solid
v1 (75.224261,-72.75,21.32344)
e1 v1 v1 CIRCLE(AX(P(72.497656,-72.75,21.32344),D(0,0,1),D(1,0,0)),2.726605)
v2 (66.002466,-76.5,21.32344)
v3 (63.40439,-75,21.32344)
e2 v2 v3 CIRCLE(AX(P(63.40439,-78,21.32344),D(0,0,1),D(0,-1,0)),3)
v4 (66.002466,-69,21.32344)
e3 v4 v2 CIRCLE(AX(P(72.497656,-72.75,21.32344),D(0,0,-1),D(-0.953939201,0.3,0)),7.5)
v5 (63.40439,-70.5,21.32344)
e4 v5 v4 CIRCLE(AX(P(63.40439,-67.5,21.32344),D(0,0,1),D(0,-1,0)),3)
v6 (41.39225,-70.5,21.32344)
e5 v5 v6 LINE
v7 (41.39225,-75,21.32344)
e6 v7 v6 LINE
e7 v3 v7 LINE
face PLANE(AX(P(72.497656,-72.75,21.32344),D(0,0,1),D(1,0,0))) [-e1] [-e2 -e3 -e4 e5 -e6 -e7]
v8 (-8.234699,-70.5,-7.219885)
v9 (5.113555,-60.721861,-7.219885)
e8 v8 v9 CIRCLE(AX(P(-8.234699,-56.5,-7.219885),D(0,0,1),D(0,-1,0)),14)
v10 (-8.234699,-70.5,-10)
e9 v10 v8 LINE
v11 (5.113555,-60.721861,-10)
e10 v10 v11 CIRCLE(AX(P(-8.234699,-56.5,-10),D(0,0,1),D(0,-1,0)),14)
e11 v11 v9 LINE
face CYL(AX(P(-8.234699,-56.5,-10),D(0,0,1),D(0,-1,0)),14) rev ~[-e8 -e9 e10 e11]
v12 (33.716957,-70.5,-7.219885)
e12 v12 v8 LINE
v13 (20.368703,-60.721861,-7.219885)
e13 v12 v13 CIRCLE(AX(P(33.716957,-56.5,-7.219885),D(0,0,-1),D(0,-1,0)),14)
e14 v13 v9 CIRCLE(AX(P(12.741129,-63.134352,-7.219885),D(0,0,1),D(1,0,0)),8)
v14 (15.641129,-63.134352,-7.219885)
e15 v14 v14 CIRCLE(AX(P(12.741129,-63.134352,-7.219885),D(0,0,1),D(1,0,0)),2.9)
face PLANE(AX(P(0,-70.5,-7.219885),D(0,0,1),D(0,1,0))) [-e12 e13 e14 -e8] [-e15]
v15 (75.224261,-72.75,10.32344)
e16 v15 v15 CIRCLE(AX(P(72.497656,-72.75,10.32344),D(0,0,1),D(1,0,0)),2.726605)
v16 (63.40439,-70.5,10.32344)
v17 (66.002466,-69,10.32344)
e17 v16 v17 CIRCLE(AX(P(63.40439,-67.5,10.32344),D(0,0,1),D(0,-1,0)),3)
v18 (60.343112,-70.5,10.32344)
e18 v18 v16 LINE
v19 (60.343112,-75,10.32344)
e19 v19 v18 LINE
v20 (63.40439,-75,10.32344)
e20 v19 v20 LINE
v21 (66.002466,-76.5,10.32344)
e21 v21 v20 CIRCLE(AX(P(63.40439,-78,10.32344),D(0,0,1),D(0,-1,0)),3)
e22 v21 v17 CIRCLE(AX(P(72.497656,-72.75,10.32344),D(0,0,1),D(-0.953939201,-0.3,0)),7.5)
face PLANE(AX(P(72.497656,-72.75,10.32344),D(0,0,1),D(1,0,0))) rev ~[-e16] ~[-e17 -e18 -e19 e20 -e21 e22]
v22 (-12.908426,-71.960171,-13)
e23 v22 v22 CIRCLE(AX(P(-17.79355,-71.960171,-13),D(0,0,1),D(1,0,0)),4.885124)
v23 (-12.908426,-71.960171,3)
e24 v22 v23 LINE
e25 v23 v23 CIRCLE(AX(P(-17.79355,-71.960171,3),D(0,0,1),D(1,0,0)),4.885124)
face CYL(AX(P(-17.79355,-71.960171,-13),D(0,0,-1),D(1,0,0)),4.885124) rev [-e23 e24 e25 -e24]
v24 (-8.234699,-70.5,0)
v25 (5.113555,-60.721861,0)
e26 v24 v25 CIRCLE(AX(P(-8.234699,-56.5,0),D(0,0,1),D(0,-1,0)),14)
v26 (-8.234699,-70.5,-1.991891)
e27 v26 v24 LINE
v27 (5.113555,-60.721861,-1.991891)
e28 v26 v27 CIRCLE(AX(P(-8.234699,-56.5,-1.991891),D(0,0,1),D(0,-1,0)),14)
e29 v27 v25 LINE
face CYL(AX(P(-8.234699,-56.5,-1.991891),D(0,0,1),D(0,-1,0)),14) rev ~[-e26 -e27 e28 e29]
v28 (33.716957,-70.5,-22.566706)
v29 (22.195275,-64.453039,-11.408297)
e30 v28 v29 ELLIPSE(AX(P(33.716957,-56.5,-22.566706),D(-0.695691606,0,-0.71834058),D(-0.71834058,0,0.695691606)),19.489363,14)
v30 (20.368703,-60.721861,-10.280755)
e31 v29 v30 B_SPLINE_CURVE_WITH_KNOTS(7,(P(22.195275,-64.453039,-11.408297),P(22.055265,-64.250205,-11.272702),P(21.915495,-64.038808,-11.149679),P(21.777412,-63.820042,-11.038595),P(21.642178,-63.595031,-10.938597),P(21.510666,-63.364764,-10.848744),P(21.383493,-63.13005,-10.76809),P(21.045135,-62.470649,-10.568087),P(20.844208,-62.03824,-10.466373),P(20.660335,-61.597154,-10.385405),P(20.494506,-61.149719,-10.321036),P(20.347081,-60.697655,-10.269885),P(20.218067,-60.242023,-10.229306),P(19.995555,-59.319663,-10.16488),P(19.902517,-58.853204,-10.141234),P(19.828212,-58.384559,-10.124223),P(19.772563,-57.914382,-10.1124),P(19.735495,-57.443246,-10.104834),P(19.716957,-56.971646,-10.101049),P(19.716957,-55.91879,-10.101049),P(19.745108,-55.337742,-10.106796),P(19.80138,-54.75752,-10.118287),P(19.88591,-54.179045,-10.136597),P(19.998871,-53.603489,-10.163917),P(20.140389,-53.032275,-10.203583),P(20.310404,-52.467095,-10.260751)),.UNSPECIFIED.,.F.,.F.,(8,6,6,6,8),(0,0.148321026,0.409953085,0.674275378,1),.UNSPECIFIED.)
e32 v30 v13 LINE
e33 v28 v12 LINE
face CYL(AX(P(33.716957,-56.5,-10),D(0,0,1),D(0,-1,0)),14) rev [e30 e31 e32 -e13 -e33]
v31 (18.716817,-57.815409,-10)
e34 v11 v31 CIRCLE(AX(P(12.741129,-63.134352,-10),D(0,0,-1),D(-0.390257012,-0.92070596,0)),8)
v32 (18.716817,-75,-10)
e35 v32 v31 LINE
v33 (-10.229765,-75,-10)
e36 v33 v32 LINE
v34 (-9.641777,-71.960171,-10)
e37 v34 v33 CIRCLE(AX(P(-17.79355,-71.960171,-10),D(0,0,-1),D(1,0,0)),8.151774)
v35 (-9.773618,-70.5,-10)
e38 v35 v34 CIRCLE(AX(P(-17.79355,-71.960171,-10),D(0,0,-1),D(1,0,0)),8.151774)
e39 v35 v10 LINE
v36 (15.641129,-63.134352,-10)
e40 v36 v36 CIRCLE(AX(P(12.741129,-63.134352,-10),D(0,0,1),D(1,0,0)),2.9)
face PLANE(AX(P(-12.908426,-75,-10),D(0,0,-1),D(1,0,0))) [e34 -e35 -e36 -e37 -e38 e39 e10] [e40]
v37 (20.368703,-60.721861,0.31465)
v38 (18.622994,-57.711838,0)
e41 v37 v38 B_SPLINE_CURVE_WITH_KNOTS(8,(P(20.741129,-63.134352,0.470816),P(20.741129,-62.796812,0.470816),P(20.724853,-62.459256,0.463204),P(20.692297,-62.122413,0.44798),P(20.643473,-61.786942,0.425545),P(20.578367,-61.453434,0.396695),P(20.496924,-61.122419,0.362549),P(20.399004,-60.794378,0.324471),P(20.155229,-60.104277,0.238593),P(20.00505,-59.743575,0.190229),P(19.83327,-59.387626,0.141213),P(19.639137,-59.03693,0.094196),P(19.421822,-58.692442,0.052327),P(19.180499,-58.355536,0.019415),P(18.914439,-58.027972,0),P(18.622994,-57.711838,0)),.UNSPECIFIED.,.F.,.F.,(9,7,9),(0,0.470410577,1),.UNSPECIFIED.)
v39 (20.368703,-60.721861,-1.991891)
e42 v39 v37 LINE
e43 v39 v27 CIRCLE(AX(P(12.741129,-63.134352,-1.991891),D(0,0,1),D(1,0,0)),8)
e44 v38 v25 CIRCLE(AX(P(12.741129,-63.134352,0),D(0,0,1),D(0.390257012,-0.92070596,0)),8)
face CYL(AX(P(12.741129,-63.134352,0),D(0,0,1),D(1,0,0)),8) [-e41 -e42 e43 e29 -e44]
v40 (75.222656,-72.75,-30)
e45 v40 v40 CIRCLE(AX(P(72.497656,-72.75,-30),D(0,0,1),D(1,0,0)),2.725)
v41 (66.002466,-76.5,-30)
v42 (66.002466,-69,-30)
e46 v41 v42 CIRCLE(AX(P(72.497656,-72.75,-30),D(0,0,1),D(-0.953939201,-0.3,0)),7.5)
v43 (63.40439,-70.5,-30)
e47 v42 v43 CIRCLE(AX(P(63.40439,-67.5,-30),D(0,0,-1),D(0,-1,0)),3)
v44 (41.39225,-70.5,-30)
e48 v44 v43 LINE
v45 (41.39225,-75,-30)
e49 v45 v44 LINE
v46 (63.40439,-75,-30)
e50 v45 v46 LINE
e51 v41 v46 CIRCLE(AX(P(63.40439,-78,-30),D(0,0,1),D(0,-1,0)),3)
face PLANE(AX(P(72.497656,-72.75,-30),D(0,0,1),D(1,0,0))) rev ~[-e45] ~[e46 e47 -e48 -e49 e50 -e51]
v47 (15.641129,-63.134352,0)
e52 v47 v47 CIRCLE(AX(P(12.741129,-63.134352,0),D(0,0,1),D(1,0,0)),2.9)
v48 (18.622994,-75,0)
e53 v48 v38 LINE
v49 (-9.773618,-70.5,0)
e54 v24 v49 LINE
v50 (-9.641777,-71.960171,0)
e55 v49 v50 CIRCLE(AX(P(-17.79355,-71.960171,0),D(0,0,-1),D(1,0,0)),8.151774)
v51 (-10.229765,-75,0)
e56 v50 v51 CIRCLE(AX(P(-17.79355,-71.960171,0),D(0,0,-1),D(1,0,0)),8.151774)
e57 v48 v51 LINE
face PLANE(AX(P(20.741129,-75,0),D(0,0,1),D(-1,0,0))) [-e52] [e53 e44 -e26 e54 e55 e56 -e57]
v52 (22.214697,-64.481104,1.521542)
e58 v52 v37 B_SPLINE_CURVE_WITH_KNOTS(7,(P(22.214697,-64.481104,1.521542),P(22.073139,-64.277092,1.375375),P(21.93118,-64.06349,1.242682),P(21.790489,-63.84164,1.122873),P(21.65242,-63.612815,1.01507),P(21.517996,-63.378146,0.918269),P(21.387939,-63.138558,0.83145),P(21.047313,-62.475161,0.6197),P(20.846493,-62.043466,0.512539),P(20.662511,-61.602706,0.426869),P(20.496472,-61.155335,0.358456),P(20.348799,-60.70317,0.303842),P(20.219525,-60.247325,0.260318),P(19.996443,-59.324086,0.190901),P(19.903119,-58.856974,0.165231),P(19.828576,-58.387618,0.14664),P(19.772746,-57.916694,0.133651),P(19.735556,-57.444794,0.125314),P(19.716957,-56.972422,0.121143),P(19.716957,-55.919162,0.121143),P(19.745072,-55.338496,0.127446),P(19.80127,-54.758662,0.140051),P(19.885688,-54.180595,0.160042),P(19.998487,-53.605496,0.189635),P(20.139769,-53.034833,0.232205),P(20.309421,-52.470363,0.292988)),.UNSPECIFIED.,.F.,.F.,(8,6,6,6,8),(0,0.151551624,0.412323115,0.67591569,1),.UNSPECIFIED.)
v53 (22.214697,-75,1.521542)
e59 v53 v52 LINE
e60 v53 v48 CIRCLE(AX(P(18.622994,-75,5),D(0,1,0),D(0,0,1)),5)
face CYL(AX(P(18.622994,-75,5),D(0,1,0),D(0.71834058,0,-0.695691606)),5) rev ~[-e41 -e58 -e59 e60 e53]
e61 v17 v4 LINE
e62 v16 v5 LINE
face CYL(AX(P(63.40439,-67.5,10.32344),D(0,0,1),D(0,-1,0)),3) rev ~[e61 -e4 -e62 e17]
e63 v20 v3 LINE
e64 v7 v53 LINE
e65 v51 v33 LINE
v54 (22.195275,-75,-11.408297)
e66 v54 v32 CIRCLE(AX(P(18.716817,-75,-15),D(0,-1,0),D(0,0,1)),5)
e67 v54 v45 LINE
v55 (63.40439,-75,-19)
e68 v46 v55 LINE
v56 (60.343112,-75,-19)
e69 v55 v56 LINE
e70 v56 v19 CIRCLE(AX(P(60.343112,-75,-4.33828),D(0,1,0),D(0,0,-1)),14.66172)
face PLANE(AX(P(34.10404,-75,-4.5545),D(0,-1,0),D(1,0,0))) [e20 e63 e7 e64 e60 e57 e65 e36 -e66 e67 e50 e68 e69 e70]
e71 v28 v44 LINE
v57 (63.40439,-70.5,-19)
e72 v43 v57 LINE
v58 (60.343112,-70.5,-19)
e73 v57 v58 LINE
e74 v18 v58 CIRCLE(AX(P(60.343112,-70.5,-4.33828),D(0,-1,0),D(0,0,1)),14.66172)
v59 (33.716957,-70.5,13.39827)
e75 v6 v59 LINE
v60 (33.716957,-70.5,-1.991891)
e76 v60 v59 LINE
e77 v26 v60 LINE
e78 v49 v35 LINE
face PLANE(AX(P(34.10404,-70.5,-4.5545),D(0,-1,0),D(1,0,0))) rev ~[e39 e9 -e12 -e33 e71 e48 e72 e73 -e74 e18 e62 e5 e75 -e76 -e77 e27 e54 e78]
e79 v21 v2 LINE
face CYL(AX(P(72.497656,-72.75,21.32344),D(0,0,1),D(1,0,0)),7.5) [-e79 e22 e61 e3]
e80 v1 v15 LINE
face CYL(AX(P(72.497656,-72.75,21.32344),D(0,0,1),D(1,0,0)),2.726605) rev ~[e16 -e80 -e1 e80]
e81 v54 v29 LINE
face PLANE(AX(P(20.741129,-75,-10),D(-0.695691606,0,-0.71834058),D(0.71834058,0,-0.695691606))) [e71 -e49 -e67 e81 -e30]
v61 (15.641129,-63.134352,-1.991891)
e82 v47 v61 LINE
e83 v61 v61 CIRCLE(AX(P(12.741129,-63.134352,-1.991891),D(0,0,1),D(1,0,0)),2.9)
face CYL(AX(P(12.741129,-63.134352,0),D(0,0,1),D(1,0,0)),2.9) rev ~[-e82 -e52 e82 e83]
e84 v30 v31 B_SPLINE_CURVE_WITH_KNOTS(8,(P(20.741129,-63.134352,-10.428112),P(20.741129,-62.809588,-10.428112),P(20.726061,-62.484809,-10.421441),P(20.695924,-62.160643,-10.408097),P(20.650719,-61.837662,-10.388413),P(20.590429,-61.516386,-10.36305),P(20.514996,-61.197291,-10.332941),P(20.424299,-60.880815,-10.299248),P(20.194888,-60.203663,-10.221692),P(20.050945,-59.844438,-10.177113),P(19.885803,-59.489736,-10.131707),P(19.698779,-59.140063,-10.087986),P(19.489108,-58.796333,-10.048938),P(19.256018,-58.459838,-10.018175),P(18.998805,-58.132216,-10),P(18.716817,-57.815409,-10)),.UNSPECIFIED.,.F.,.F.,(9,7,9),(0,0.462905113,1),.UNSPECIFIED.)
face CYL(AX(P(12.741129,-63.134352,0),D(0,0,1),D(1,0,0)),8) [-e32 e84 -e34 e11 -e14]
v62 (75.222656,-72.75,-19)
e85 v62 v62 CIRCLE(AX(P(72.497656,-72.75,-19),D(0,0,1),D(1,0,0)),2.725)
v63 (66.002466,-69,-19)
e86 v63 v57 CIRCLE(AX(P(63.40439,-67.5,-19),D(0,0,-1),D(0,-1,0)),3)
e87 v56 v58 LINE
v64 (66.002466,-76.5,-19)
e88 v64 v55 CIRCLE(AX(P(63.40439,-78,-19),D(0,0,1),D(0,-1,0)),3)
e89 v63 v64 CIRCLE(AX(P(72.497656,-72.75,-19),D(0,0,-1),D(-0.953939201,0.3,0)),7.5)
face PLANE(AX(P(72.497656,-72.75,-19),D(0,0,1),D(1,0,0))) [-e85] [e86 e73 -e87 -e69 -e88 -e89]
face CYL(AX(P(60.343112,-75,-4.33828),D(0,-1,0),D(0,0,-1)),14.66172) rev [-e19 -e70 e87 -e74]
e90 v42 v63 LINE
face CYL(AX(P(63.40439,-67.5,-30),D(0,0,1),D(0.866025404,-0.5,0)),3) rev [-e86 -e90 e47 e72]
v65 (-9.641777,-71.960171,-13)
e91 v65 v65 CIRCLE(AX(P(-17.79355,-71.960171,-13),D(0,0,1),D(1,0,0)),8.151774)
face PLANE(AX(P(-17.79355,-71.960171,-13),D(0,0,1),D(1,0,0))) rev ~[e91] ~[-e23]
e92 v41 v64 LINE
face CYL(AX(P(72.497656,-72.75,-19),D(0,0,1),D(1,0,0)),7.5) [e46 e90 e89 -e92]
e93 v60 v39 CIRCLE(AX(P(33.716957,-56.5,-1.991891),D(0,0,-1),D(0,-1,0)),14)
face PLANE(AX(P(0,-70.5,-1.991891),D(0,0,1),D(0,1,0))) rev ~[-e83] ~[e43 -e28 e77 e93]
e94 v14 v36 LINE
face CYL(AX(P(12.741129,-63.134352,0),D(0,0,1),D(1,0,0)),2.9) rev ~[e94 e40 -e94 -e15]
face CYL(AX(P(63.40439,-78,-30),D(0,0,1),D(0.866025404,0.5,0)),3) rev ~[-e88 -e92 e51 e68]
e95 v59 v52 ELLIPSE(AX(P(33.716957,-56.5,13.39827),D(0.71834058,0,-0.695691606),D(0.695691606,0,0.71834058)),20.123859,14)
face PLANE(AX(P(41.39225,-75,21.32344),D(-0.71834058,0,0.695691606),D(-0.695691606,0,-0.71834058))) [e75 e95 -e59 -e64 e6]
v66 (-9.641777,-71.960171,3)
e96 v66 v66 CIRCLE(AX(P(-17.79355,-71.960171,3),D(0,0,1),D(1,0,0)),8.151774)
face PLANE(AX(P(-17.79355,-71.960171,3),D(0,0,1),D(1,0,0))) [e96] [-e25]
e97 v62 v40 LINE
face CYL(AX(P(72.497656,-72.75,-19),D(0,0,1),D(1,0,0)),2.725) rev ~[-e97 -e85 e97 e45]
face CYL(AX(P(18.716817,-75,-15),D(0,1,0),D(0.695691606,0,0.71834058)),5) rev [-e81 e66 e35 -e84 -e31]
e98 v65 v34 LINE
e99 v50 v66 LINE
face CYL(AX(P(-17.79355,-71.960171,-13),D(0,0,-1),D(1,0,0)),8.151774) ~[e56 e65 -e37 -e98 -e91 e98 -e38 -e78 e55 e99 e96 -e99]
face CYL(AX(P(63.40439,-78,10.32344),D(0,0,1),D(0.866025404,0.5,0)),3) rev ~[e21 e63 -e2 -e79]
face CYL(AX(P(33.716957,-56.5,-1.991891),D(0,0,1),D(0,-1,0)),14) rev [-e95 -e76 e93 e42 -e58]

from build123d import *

# Parameters (mm, degrees)
SKETCH1_R           = 8
SKETCH1_R_2         = 2.9
EXTRUDE1_DEPTH      = 10
EXTRUDE2_DEPTH      = 0.5
EXTRUDE2_DEPTH_BACK = 4
SKETCH4_W           = 5.227994408
SKETCH4_H           = 18.151774592
CUT_EXTRUDE1_DEPTH  = 104.897653244
FILLET4_R           = 14
SKETCH6_R           = 7.5
SKETCH6_R_2         = 2.726604726
EXTRUDE4_DEPTH      = 11
EXTRUDE6_DEPTH      = 3
EXTRUDE6_DEPTH_BACK = 13
SKETCH11_R          = 8.15177363
SKETCH11_R_2        = 4.885123956
EXTRUDE7_START      = 11
SKETCH8_R           = 7.5
SKETCH8_R_2         = 2.725
EXTRUDE7_DEPTH      = 11
FILLET19_R          = 3
FILLET23_R          = 5


with BuildPart() as part:
    # Sketch1 → Extrude1 (new body)
    with BuildSketch(Plane.XY):
        with Locations((12.741128877, -63.13435232)):
            Circle(SKETCH1_R)
        with Locations((12.741128877, -63.13435232)):
            Circle(SKETCH1_R_2, mode=Mode.SUBTRACT)
    extrude(amount=-EXTRUDE1_DEPTH)

    # Sketch2 → Extrude2 (add, two sides: drawn at the far end of the back side and taken through both)
    with BuildSketch(Plane(origin=(0, -71, 0), x_dir=(-1, 0, 0), z_dir=(0, 1, 0)).offset(-EXTRUDE2_DEPTH_BACK)):
        with BuildLine():
            Line((-12.741128877, 0), (12.908426363, 0))
            Line((12.908426363, 0), (12.908426363, -10))
            Line((12.908426363, -10), (-12.741128877, -10))
            Line((-12.741128877, -10), (-20.741128877, -10))
            Line((-20.741128877, -10), (-41.392249983, -30))
            Line((-41.392249983, -30), (-65.343112489, -30))
            Line((-65.343112489, -30), (-65.343112489, -19))
            Line((-65.343112489, -19), (-60.343112489, -19))
            ThreePointArc((-60.343112489, -19), (-45.681392415, -4.338279927), (-60.343112489, 10.323440147))
            Line((-60.343112489, 10.323440147), (-65.343112489, 10.323440147))
            Line((-65.343112489, 10.323440147), (-65.343112489, 21.323440147))
            Line((-65.343112489, 21.323440147), (-41.392249983, 21.323440147))
            Line((-41.392249983, 21.323440147), (-20.741128877, 0))
            Line((-20.741128877, 0), (-12.741128877, 0))
        make_face()
    extrude(amount=EXTRUDE2_DEPTH + EXTRUDE2_DEPTH_BACK)

    # Sketch4 → Cut-Extrude1 (cut, through all)
    with BuildSketch(Plane(origin=(0, 0, 0), x_dir=(0, 0, -1), z_dir=(1, 0, 0))):
        with Locations((4.605888128, -61.424112704)):
            Rectangle(SKETCH4_W, SKETCH4_H)
    extrude(amount=CUT_EXTRUDE1_DEPTH, mode=Mode.SUBTRACT)

    # Fillet4
    fillet4_edges = [part.edges().sort_by_distance(p)[0] for p in [
        (9.619072783, -70.5, -0.995945462),
        (15.863184971, -70.5, -8.609942666),
        (15.863184971, -70.5, -0.995945462),
        (9.619072783, -70.5, -8.609942666),
    ]]
    fillet(fillet4_edges, radius=FILLET4_R)

    # Sketch6 → Extrude4 (add)
    with BuildSketch(Plane.XY.offset(21.323440147)):
        with Locations((72.497656499, -72.75)):
            Circle(SKETCH6_R)
        with Locations((72.497656499, -72.75)):
            Circle(SKETCH6_R_2, mode=Mode.SUBTRACT)
    extrude(amount=-EXTRUDE4_DEPTH)

    # Sketch11 → Extrude6 (add, two sides: drawn at the far end of the back side and taken through both)
    with BuildSketch(Plane.XY.offset(-EXTRUDE6_DEPTH_BACK)):
        with Locations((-17.793550319, -71.960171152)):
            Circle(SKETCH11_R)
        with Locations((-17.793550319, -71.960171152)):
            Circle(SKETCH11_R_2, mode=Mode.SUBTRACT)
    extrude(amount=EXTRUDE6_DEPTH + EXTRUDE6_DEPTH_BACK)

    # Sketch8 → Extrude7 (add)
    with BuildSketch(Plane.XY.offset(-30).offset(EXTRUDE7_START)):
        with Locations((72.497656499, -72.75)):
            Circle(SKETCH8_R)
        with Locations((72.497656499, -72.75)):
            Circle(SKETCH8_R_2, mode=Mode.SUBTRACT)
    extrude(amount=-EXTRUDE7_DEPTH)

    # Fillet19
    fillet19_edges = [part.edges().sort_by_distance(p)[0] for p in [
        (65.343112489, -75, 15.823440147),
        (65.343112489, -75, -24.5),
        (65.343112489, -70.5, 15.823440147),
        (65.343112489, -70.5, -24.5),
    ]]
    fillet(fillet19_edges, radius=FILLET19_R)

    # Fillet23
    fillet23_edges = [part.edges().sort_by_distance(p)[0] for p in [
        (20.741128877, -68.378111591, -10),
        (20.741128877, -68.378111591, 0),
    ]]
    fillet(fillet23_edges, radius=FILLET23_R)


solid = part.part
